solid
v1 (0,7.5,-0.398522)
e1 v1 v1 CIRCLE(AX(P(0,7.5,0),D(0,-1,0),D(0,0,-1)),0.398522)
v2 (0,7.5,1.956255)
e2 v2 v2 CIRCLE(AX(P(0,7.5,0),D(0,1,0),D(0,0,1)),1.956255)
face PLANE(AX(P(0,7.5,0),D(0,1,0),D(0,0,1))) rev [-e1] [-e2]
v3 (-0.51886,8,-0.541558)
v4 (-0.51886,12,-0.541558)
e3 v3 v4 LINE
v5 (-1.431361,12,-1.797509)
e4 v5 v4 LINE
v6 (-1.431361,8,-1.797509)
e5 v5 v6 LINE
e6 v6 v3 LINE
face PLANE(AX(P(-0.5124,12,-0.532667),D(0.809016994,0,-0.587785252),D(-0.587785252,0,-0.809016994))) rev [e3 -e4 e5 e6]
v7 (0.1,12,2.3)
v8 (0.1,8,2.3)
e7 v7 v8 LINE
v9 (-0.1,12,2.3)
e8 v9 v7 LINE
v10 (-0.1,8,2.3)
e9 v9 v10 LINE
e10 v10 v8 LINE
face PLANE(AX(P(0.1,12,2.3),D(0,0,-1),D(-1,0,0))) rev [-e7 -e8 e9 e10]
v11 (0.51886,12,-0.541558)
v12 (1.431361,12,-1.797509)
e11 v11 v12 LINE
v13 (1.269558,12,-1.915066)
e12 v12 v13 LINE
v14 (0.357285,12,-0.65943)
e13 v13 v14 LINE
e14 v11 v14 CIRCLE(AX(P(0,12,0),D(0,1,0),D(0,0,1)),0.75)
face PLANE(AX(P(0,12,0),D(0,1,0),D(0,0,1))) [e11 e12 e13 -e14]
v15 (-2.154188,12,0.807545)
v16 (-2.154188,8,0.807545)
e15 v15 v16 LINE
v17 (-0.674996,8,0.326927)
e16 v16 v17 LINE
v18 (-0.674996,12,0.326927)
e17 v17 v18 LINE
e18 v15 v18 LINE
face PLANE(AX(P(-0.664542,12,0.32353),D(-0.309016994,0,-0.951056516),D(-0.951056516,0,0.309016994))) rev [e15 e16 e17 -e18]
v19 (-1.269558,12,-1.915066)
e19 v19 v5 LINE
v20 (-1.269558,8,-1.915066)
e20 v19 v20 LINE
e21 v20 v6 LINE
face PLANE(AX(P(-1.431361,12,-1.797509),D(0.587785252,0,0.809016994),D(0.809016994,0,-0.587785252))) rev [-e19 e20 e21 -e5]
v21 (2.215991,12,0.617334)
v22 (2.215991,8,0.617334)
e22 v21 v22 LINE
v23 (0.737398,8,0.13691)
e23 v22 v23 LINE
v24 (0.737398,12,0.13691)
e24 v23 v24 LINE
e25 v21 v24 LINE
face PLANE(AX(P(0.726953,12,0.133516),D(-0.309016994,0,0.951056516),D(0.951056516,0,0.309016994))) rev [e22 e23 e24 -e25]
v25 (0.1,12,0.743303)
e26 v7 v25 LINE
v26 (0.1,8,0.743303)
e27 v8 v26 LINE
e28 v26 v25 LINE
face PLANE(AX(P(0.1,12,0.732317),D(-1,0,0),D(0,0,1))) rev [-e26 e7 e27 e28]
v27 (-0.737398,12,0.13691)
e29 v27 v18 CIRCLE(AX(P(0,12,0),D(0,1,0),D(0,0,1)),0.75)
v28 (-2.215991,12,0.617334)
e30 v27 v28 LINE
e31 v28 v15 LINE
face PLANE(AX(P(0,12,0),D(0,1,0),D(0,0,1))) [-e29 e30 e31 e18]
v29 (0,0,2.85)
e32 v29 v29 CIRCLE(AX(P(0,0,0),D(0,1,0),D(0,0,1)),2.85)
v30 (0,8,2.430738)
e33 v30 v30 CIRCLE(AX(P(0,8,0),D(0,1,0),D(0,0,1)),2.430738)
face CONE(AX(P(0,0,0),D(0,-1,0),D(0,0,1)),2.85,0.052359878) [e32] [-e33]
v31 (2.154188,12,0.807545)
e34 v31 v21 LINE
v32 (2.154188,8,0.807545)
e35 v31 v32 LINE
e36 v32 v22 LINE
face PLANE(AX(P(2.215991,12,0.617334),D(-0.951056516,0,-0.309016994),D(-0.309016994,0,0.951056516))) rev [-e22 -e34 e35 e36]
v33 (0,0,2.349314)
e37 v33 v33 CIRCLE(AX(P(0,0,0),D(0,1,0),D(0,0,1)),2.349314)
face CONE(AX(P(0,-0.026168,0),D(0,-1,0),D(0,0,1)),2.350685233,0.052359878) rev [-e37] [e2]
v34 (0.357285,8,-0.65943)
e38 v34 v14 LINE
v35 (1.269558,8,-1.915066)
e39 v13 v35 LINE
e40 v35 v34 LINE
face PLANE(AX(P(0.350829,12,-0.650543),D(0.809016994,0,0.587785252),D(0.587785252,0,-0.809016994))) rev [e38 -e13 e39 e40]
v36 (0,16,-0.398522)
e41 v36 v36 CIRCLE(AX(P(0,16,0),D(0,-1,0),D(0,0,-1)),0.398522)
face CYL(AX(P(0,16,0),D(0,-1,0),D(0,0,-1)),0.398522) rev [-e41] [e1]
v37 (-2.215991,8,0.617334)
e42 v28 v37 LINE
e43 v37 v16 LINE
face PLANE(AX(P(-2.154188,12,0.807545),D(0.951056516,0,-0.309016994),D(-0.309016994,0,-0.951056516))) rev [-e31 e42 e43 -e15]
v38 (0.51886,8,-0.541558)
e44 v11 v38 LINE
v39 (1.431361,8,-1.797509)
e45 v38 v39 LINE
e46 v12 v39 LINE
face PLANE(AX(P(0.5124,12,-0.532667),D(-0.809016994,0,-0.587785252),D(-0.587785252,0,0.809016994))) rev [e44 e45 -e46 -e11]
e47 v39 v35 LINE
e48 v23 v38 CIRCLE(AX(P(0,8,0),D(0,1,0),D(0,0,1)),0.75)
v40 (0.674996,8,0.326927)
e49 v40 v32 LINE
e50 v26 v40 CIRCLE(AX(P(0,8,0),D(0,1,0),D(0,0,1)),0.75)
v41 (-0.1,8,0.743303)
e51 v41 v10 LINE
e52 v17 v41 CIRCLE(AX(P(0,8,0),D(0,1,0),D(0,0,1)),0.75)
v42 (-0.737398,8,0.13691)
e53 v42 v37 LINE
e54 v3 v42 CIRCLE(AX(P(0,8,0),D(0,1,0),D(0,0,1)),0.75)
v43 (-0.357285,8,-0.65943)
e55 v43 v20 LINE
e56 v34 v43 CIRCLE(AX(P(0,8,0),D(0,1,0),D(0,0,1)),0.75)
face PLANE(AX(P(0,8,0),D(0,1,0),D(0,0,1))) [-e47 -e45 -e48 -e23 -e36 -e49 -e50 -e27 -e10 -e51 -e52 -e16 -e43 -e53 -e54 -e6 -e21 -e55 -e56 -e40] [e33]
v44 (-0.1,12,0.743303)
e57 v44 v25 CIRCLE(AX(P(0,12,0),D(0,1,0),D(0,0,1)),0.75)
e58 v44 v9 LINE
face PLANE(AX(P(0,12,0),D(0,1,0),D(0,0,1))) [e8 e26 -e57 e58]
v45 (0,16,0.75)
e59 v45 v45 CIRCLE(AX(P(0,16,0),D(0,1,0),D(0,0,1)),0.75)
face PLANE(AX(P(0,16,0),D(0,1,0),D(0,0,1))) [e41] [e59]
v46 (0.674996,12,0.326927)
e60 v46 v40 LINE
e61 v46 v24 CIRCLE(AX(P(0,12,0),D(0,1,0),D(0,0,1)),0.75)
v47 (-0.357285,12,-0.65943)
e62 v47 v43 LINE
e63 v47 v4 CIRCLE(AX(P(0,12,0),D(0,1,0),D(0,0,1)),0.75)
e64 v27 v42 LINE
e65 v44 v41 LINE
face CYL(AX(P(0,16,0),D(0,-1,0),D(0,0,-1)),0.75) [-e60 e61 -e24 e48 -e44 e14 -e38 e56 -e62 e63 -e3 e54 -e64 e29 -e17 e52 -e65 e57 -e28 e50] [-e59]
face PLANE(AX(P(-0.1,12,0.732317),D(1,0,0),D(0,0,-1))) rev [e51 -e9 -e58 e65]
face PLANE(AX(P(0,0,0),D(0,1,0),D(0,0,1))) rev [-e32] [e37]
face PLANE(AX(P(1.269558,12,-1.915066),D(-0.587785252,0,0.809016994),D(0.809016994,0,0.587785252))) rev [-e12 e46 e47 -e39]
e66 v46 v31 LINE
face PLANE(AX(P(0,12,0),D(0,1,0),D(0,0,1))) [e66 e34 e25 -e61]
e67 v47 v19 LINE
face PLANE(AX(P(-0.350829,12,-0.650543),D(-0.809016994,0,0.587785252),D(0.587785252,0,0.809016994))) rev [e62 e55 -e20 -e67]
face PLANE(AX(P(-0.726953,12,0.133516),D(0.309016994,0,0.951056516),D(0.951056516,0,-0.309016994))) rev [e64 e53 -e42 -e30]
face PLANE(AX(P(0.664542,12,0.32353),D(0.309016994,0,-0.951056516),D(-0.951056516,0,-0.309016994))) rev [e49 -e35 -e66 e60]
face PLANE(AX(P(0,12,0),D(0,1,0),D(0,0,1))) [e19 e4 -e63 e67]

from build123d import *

# Parameters (mm, degrees)
SKETCH1_R          = 2.85
EXTRUDE1_DEPTH     = 8
EXTRUDE1_TAPER     = 3
SHELL1_T           = -0.5
SKETCH3_R          = 0.75
EXTRUDE2_DEPTH     = 8
EXTRUDE3_DEPTH     = 4
SKETCH5_R          = 0.398521604
CUT_EXTRUDE1_DEPTH = 10.407178171


with BuildPart() as part:
    # Sketch1 → Extrude1 (new body)
    with BuildSketch(Plane(origin=(0, 0, 0), x_dir=(1, 0, 0), z_dir=(0, 1, 0))):
        Circle(SKETCH1_R)
    extrude(amount=EXTRUDE1_DEPTH, taper=EXTRUDE1_TAPER)

    # Shell1
    shell1_openings = [part.faces().sort_by_distance(p)[0] for p in [
        (0, 0, 0),
    ]]
    offset(amount=SHELL1_T, openings=shell1_openings, kind=Kind.INTERSECTION)

    # Sketch3 → Extrude2 (add)
    with BuildSketch(Plane(origin=(0, 8, 0), x_dir=(-1, 0, 0), z_dir=(0, 1, 0))):
        with Locations(Location((0, 0, 0), (0, 0, 90))):
            Circle(SKETCH3_R)
    extrude(amount=EXTRUDE2_DEPTH)

    # Sketch4 → Extrude3 (add)
    with BuildSketch(Plane(origin=(0, 8, 0), x_dir=(-1, 0, 0), z_dir=(0, 1, 0))):
        with BuildLine():
            Line((0.664541882, 0.323529903), (2.154187801, 0.807545202))
            Line((2.154187801, 0.807545202), (2.2159912, 0.617333899))
            Line((2.2159912, 0.617333899), (0.7269532, 0.133516124))
            ThreePointArc((0.7269532, 0.133516124), (0.702204351, 0.230643797), (0.664541882, 0.323529903))
        make_face()
        with BuildLine():
            Line((-0.1, 0.732316537), (-0.1, 2.3))
            Line((-0.1, 2.3), (0.1, 2.3))
            Line((0.1, 2.3), (0.1, 0.732316537))
            ThreePointArc((0.1, 0.732316537), (0, 0.739112651), (-0.1, 0.732316537))
        make_face()
        with BuildLine():
            Line((0.512399846, -0.532666789), (1.431361279, -1.797508691))
            Line((1.431361279, -1.797508691), (1.26955788, -1.915065741))
            Line((1.26955788, -1.915065741), (0.350828651, -0.650543441))
            ThreePointArc((0.350828651, -0.650543441), (0.435619772, -0.597095407), (0.512399846, -0.532666789))
        make_face()
        with BuildLine():
            Line((-0.350828651, -0.650543441), (-1.26955788, -1.915065741))
            Line((-1.26955788, -1.915065741), (-1.431361279, -1.797508691))
            Line((-1.431361279, -1.797508691), (-0.512399846, -0.532666789))
            ThreePointArc((-0.512399846, -0.532666789), (-0.435619772, -0.597095407), (-0.350828651, -0.650543441))
        make_face()
        with BuildLine():
            Line((-0.7269532, 0.133516124), (-2.2159912, 0.617333899))
            Line((-2.2159912, 0.617333899), (-2.154187801, 0.807545202))
            Line((-2.154187801, 0.807545202), (-0.664541882, 0.323529903))
            ThreePointArc((-0.664541882, 0.323529903), (-0.702204351, 0.230643797), (-0.7269532, 0.133516124))
        make_face()
    extrude(amount=EXTRUDE3_DEPTH)

    # Sketch5 → Cut-Extrude1 (cut, through all)
    with BuildSketch(Plane.XZ.offset(-7.5)):
        with Locations(Location((0, 0, 0), (0, 0, 270))):
            Circle(SKETCH5_R)
    extrude(amount=-CUT_EXTRUDE1_DEPTH, mode=Mode.SUBTRACT)


solid = part.part
